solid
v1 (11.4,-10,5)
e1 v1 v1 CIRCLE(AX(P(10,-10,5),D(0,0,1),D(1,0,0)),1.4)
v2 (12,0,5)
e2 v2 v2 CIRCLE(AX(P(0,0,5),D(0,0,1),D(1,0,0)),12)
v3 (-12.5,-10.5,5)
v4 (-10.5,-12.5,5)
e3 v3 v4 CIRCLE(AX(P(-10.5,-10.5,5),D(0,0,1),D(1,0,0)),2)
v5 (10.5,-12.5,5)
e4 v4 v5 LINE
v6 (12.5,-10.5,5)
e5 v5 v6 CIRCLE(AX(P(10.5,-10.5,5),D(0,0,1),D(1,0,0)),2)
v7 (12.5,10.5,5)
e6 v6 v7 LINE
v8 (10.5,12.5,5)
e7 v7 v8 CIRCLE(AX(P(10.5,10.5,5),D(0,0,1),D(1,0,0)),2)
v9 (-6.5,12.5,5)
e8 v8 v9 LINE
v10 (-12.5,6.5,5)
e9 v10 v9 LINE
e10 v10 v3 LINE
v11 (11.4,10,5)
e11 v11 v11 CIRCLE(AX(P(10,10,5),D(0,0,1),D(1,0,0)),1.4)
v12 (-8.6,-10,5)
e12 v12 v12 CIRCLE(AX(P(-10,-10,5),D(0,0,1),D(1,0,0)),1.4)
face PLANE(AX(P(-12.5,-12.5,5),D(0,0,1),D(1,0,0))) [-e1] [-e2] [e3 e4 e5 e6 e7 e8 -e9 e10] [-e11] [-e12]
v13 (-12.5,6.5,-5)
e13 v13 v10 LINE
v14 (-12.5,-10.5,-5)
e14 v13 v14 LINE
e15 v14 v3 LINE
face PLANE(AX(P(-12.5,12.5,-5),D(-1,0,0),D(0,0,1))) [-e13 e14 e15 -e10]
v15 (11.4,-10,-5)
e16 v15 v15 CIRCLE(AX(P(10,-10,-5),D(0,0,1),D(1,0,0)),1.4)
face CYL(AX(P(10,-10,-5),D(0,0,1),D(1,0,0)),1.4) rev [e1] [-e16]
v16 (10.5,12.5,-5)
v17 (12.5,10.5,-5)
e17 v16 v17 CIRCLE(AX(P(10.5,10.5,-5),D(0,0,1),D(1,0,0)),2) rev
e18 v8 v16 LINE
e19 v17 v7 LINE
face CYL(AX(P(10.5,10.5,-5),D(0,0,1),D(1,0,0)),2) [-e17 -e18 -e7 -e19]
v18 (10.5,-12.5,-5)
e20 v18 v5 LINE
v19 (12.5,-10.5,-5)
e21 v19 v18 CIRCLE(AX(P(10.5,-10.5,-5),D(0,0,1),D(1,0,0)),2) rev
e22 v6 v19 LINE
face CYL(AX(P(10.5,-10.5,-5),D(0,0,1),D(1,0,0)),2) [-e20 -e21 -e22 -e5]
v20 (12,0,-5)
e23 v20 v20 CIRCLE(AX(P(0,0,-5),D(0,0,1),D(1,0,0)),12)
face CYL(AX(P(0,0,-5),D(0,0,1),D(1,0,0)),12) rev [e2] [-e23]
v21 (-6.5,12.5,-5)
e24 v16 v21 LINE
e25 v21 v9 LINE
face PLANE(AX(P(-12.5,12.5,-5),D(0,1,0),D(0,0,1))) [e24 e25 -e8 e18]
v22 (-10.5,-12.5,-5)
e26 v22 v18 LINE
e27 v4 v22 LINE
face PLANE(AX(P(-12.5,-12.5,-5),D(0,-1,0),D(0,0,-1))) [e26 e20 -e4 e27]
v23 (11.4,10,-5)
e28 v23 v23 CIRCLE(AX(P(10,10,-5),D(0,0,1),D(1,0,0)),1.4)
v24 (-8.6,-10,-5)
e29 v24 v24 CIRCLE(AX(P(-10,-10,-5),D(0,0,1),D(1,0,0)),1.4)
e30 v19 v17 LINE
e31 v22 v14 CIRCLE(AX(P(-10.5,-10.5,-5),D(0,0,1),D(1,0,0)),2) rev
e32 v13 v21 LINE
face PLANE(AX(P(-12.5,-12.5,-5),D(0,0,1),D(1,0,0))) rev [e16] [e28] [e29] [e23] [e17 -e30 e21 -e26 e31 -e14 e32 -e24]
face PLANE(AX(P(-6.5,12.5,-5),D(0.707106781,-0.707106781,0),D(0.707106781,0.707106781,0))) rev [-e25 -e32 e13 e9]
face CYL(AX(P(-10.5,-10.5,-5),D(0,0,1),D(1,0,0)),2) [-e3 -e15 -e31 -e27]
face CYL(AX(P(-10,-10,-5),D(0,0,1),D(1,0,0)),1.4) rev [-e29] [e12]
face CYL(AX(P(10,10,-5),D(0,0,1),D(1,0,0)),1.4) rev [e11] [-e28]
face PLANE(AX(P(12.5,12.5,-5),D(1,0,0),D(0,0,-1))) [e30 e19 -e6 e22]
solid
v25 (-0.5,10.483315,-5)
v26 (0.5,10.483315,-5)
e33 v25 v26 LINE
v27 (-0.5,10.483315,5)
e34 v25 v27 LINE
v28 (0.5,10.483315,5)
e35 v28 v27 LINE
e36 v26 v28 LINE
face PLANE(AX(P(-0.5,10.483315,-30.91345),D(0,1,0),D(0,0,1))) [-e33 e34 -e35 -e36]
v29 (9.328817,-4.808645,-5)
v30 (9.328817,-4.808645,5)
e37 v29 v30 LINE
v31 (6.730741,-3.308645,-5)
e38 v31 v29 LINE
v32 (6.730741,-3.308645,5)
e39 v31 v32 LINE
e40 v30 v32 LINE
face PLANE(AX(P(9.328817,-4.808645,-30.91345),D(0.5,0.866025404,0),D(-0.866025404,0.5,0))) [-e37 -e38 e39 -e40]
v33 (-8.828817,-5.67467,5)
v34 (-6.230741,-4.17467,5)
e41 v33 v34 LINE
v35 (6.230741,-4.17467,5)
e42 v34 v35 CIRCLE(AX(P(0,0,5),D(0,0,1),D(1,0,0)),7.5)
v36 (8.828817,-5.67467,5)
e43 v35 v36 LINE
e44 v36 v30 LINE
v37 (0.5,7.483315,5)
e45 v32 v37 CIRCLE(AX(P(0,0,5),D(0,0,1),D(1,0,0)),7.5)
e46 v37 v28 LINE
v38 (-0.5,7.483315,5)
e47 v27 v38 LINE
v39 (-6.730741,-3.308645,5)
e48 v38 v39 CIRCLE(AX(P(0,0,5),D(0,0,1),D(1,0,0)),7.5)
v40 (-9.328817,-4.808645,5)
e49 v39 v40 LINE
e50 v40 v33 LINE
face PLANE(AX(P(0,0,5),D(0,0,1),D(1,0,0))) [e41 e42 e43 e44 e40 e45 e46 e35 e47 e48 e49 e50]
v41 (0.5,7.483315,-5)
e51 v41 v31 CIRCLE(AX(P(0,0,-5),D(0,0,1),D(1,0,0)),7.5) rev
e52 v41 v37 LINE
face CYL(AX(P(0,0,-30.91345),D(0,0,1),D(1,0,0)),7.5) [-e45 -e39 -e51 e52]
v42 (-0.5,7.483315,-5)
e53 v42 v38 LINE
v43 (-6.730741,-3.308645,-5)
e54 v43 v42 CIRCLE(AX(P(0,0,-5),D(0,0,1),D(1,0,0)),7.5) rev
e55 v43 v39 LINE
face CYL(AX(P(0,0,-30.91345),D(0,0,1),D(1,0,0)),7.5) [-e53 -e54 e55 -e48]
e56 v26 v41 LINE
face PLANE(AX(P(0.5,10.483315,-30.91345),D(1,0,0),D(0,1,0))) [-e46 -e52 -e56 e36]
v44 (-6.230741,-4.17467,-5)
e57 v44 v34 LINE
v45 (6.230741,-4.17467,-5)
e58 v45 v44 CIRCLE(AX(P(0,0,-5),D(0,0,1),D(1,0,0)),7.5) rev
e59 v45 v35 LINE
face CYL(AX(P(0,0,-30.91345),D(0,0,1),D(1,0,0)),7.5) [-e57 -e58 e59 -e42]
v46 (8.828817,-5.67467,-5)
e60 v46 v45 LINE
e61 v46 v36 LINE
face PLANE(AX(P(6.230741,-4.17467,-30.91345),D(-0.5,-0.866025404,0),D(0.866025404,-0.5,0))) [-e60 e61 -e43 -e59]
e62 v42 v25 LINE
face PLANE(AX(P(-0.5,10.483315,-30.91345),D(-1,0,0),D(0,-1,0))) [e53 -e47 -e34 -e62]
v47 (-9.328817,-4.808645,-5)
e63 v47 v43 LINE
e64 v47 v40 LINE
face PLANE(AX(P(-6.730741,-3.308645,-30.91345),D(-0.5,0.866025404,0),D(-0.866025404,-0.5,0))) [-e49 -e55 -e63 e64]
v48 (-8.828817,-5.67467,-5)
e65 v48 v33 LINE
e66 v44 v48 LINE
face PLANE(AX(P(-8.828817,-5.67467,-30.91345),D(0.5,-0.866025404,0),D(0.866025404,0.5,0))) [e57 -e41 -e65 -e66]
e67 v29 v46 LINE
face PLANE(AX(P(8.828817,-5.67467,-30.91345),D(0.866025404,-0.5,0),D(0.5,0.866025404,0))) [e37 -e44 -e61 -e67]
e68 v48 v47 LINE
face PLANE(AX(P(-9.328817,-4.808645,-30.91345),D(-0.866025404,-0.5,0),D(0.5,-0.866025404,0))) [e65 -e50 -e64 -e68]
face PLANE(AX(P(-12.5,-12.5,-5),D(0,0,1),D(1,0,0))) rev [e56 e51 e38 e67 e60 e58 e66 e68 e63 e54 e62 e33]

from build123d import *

# Parameters (mm, degrees)
SKETCH1_W                = 25
SKETCH1_H                = 25
SKETCH1_R                = 1.4
SKETCH1_R_2              = 12
BOSS_EXTRUDE1_DEPTH      = 5
BOSS_EXTRUDE1_DEPTH_BACK = 5
FILLET1_R                = 2
BOSS_EXTRUDE2_DEPTH      = 10
CUT_EXTRUDE1_DEPTH       = 11


with BuildPart() as part:
    # Sketch1 → Boss-Extrude1 (new body, two sides)
    with BuildSketch(Plane.XY) as boss_extrude1_sk:
        Rectangle(SKETCH1_W, SKETCH1_H)
        with Locations((10, 10)):
            Circle(SKETCH1_R, mode=Mode.SUBTRACT)
        with Locations((10, -10)):
            Circle(SKETCH1_R, mode=Mode.SUBTRACT)
        with Locations((-10, -10)):
            Circle(SKETCH1_R, mode=Mode.SUBTRACT)
        Circle(SKETCH1_R_2, mode=Mode.SUBTRACT)
    extrude(amount=BOSS_EXTRUDE1_DEPTH)
    extrude(boss_extrude1_sk.sketch, amount=-BOSS_EXTRUDE1_DEPTH_BACK)

    # Fillet1
    fillet1_edges = [part.edges().sort_by_distance(p)[0] for p in [
        (-12.5, 12.5, 0),
        (12.5, 12.5, 0),
        (12.5, -12.5, 0),
        (-12.5, -12.5, 0),
    ]]
    fillet(fillet1_edges, radius=FILLET1_R)

    # Sketch3 → Cut-Extrude1 (cut, through all)
    with BuildSketch(Plane.XY.offset(5)):
        with BuildLine():
            Line((-6.5, 12.5), (-12.5, 6.5))
            Line((-12.5, 6.5), (-12.5, 10.5))
            ThreePointArc((-12.5, 10.5), (-11.914213562, 11.914213562), (-10.5, 12.5))
            Line((-10.5, 12.5), (-6.5, 12.5))
        make_face()
    extrude(amount=-CUT_EXTRUDE1_DEPTH, mode=Mode.SUBTRACT)


with BuildPart() as body_2:
    # Sketch2 → Boss-Extrude2 (new body)
    with BuildSketch(Plane.XY.offset(5)):
        with BuildLine():
            Line((-6.730740698, -3.308644685), (-9.32881691, -4.808644685))
            Line((-9.32881691, -4.808644685), (-8.82881691, -5.674670089))
            Line((-8.82881691, -5.674670089), (-6.230740698, -4.174670089))
            ThreePointArc((-6.230740698, -4.174670089), (0, -7.5), (6.230740698, -4.174670089))
            Line((6.230740698, -4.174670089), (8.82881691, -5.674670089))
            Line((8.82881691, -5.674670089), (9.32881691, -4.808644685))
            Line((9.32881691, -4.808644685), (6.730740698, -3.308644685))
            ThreePointArc((6.730740698, -3.308644685), (6.495190528, 3.75), (0.5, 7.483314774))
            Line((0.5, 7.483314774), (0.5, 10.483314774))
            Line((0.5, 10.483314774), (-0.5, 10.483314774))
            Line((-0.5, 10.483314774), (-0.5, 7.483314774))
            ThreePointArc((-0.5, 7.483314774), (-6.495190528, 3.75), (-6.730740698, -3.308644685))
        make_face()
    extrude(amount=-BOSS_EXTRUDE2_DEPTH)


solid = Compound([part.part, body_2.part])
